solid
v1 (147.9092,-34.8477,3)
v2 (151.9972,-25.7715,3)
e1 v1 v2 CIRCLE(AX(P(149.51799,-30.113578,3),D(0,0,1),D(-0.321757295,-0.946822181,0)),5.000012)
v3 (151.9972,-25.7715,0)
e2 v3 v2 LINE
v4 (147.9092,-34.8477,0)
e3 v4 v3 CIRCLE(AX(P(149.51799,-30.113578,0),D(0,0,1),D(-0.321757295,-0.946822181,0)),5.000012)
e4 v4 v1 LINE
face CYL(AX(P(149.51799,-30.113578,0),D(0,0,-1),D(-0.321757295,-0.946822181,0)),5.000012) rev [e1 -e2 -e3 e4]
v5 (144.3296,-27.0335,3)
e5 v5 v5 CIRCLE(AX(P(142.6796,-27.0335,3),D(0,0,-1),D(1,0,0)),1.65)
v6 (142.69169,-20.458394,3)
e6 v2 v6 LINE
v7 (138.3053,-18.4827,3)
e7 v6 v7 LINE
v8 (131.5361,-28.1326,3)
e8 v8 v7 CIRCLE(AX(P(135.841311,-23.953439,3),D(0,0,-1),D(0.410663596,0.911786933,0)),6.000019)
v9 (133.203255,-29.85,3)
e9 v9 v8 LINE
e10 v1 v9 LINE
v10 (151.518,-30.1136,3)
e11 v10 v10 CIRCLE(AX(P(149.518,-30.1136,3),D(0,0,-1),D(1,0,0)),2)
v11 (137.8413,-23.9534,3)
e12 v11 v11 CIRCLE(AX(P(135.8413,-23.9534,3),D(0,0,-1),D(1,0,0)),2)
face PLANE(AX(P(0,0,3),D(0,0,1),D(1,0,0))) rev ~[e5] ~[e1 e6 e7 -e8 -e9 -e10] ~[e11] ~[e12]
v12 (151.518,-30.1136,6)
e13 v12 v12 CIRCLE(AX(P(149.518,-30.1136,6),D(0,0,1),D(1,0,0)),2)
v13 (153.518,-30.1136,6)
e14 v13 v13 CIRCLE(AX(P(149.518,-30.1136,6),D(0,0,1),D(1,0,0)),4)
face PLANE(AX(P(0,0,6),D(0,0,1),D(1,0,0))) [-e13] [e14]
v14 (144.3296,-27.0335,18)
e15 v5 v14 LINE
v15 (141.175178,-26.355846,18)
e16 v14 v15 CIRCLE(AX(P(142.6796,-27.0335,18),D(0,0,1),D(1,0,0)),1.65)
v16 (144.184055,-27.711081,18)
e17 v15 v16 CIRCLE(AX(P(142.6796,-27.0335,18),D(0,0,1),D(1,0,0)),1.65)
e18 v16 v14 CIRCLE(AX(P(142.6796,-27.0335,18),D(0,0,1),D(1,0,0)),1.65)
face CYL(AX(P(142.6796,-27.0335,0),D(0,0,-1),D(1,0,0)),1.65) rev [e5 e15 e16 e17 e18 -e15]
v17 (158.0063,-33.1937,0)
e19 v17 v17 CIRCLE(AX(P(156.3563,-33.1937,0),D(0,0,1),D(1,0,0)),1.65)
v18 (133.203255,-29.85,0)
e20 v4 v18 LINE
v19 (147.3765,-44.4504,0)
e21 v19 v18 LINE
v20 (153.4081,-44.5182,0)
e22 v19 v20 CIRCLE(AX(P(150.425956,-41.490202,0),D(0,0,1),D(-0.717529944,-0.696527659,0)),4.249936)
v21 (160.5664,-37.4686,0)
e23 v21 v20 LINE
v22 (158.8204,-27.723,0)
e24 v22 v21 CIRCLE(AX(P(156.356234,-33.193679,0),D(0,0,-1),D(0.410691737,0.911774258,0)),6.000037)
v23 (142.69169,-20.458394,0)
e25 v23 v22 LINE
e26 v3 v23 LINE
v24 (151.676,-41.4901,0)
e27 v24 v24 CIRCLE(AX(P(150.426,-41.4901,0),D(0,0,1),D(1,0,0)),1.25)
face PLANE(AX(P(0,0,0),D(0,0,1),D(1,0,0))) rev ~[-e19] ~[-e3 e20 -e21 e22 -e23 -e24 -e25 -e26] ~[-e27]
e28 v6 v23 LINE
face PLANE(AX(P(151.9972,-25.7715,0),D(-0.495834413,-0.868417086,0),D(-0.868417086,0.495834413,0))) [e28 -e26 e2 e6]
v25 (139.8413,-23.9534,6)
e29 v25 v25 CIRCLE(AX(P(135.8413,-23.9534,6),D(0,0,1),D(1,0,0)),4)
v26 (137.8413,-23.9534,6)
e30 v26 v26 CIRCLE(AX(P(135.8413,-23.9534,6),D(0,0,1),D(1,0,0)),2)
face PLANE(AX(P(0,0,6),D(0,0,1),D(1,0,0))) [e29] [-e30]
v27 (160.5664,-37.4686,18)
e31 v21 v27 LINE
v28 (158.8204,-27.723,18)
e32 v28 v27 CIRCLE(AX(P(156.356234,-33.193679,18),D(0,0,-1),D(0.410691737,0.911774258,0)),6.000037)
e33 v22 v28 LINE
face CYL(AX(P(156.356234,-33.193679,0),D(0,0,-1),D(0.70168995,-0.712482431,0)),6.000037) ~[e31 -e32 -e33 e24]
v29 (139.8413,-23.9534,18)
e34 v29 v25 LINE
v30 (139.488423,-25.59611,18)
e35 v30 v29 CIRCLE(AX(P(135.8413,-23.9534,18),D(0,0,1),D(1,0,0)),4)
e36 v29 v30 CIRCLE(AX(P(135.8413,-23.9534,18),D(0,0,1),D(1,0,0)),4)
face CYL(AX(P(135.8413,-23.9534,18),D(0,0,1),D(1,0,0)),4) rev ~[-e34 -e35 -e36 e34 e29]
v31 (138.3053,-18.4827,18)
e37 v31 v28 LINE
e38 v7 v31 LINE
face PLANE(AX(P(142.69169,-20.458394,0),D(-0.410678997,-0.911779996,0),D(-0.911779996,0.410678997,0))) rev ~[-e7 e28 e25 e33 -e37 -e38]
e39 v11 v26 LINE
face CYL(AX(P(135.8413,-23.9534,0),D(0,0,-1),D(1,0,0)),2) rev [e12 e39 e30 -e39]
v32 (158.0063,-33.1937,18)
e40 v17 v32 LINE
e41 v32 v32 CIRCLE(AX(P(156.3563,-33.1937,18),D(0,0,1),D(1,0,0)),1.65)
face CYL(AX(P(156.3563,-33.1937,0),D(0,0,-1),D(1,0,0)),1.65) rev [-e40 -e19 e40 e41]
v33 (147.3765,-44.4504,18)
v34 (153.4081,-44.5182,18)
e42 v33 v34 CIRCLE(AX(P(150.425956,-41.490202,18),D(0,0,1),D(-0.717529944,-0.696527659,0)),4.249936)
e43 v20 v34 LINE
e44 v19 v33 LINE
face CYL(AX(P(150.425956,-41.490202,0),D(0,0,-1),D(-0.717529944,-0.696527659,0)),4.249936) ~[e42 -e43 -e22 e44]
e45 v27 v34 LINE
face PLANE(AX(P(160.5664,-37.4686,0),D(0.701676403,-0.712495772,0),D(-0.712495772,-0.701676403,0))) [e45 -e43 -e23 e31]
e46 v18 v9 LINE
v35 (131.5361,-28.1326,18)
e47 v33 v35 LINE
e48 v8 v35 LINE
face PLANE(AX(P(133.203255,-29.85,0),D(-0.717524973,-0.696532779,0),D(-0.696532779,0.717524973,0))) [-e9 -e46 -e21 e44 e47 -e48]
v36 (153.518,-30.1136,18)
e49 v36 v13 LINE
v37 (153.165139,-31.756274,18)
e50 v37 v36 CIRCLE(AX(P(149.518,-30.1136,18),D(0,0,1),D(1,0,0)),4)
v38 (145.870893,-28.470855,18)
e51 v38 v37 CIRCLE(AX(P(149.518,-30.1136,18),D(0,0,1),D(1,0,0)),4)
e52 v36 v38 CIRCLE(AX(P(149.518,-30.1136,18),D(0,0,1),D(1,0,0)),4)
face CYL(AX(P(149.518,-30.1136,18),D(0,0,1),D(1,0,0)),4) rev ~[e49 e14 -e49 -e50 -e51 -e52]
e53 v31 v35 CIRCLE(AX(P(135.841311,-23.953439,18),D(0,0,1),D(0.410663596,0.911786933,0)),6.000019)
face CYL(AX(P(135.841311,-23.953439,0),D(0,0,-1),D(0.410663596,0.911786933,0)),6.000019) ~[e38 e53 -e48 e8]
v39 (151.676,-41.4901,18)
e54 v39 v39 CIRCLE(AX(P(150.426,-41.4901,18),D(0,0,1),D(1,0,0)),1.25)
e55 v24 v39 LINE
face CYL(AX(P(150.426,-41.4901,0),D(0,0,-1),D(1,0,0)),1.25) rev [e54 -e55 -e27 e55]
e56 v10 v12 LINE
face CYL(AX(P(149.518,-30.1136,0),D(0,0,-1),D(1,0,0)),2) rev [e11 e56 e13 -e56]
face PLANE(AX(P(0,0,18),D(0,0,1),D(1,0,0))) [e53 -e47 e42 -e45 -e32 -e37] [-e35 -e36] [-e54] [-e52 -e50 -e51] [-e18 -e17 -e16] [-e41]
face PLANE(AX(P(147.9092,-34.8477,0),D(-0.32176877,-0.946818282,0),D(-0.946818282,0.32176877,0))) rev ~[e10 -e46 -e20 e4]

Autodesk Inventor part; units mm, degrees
ref_plane "YZ Plane" through (0, 0, 0) normal (1, 0, 0) x (0, 1, 0)
ref_plane "XZ Plane" through (0, 0, 0) normal (0, 1, 0) x (-1, 0, 0)
ref_plane "XY Plane" through (0, 0, 0) normal (0, 0, 1) x (1, 0, 0)
sketch "スケッチ1" plane through (0, 0, 0) normal (0, 0, 1) x (1, 0, 0)
  line L0 (-170.6512, -31.4118) -> (202.8656, -31.4118) construction
  circle A0 centre (-14, -17.4118) radius 14 construction
  circle A1 centre (14, -17.4118) radius 14 construction
  circle A2 centre (-28.0204, 0.0121) radius 20.05 construction
  circle A3 centre (-28.0204, 0.0121) radius 5.05 construction
  circle A4 centre (8.8763, 3.8907) radius 32.05 construction
  circle A5 centre (8.8763, 3.8907) radius 10.1 construction
  circle A6 centre (54.047, 13.5882) radius 36.1 construction
  line L1 (-170.915, -81.4118) -> (490.0044, -81.4118)
  circle A7 centre (-28.0204, 0.0121) radius 22.342 construction
  circle A8 centre (-39.4931, 19.1835) radius 14 construction
  circle A9 centre (-49.0547, 7.5438) radius 14 construction
  circle A10 centre (-49.0547, -7.5196) radius 14 construction
  circle A11 centre (-39.4931, -19.1593) radius 14 construction
  circle A12 centre (8.8763, 3.8907) radius 33.05 construction
  circle A13 centre (54.047, 13.5882) radius 38.1 construction
  line L2 (-11.5565, -29.1593) -> (4.2969, -29.1593) construction
  line L3 (-67.2952, 44.8622) -> (-67.2952, -57.3934) construction
  line L4 (-149.4523, -1.6098) -> (-132.6633, -31.6026)
  line L5 (-132.7701, -31.4118) -> (-132.7701, 74.0456)
  circle A14 centre (-11.4931, -19.1593) radius 14 construction
  line L6 (-197.2268, -33.1593) -> (179.6604, -33.1593) construction
  circle A15 centre (54.047, 13.5882) radius 4.025 construction
  circle A16 centre (54.047, 13.5882) radius 6 construction
  circle A17 centre (-39.4931, 19.1835) radius 5
  circle A18 centre (-49.0547, 7.5438) radius 5
  circle A19 centre (-49.0547, -7.5196) radius 5
  circle A20 centre (-39.4931, -19.1593) radius 5
  circle A21 centre (-39.4931, 19.1835) radius 8 construction
  circle A22 centre (-49.0547, 7.5438) radius 8 construction
  circle A23 centre (-49.0547, -7.5196) radius 8 construction
  circle A24 centre (-39.4931, -19.1593) radius 8 construction
  circle A25 centre (-28.0204, 0.0121) radius 4.5
  circle A26 centre (8.8763, 3.8907) radius 7.5
  line L7 (-17.5497, 32.3149) -> (-46.3578, 15.0755) construction
  line L8 (-46.3578, 15.0755) -> (-51.7515, 0.0121) construction
  line L9 (-51.7515, 0.0121) -> (-46.3578, -15.0513) construction
  line L10 (-46.3578, -15.0513) -> (-37.9391, -20.0892) construction
  circle A27 centre (-32.6283, 23.2915) radius 1.3
  circle A28 centre (-46.3578, 15.0755) radius 1.3
  circle A29 centre (-51.7515, 0.0121) radius 1.3
  circle A30 centre (-46.3578, -15.0513) radius 1.3
  circle A31 centre (-32.6283, -23.2673) radius 1.3
  line L11 (-67.2952, 23.1796) -> (-67.2952, -18.1327)
  arc A32 (79.2003, -37.212) -> (87.3507, -31.2711) centre (80.4159, -30.3183) ccw
  arc A33 (8.1864, 50.8943) -> (0.9804, 51.9708) centre (3.7003, 45.5208) ccw
  line L12 (-52.2685, -33.1593) -> (56.2168, -33.1593)
  line L13 (56.2168, -33.1593) -> (79.2003, -37.212)
  arc A34 (92.7831, 8.2659) -> (29.742, 44.2162) centre (54.047, 13.5882) ccw
  line L14 (87.3507, -31.2711) -> (92.7831, 8.2659)
  line L15 (0.9804, 51.9708) -> (-67.2952, 23.1796)
  circle A35 centre (34.0114, -24.0061) radius 4.5 construction
  circle A36 centre (34.0114, -24.0061) radius 1.5
  circle A37 centre (-21.4477, 26.0369) radius 4.5 construction
  circle A38 centre (-21.4477, 26.0369) radius 1.5
  circle A39 centre (-56.0504, 23.0377) radius 1.5
  circle A40 centre (-56.0504, 23.0377) radius 3 construction
  circle A41 centre (-56.0504, 23.0377) radius 4.5 construction
  circle A42 centre (-64.2952, 0.0121) radius 1.5
  circle A43 centre (-64.2952, 0.0121) radius 3 construction
  circle A44 centre (-64.2952, 0.0121) radius 4.3311 construction
  line L16 (54.047, 13.5882) -> (99.37, -7.5264)
  line L17 (99.37, -7.5264) -> (58.3399, 10.9541)
  line L18 (58.3399, 10.9541) -> (30.7326, 32.4678)
  line L19 (30.7326, 32.4678) -> (54.047, 13.5882)
  line L20 (99.37, -7.5264) -> (491.4359, -184.1173)
  line L21 (-183.2789, 162.2213) -> (-183.2789, -125.2315)
  line L22 (516.7211, 155.5913) -> (516.7211, -155.5644)
  circle A45 centre (99.37, -7.5264) radius 7.25
  line L23 (149.518, -30.1136) -> (397.5027, -198.9436) construction
  line L24 (220.2014, -78.2354) -> (225.3858, -8.4277) construction
  circle A46 centre (3.7003, 45.5208) radius 4
  circle A47 centre (135.8413, -23.9534) radius 2
  circle A48 centre (149.518, -30.1136) radius 2
  arc A49 (147.9092, -34.8477) -> (151.9972, -25.7715) centre (149.518, -30.1136) ccw
  line L25 (147.9092, -34.8477) -> (96.0719, -17.2312)
  line L26 (151.9972, -25.7715) -> (104.4523, 1.3749)
  circle A50 centre (30.7326, 32.4678) radius 2
  circle A51 centre (-16.1798, -24.0771) radius 4.5 construction
  circle A52 centre (-16.1798, -24.0771) radius 1.5
  line L27 (-67.2952, -18.1327) -> (-52.2685, -33.1593)
  circle A53 centre (-56.0504, -23.0135) radius 1.5
  circle A54 centre (-56.0504, -23.0135) radius 3 construction
  circle A55 centre (30.7326, 32.4678) radius 4
  arc A56 (56.8403, 15.6972) -> (51.3644, 11.3402) centre (54.047, 13.5882) ccw construction
  line L28 (96.4916, -6.1854) -> (101.9705, -5.7041) construction
  line L29 (101.9705, -5.7041) -> (99.6479, -10.6896) construction
  line L30 (99.6479, -10.6896) -> (96.4916, -6.1854) construction
  circle A57 centre (99.6479, -10.6896) radius 1.5
  circle A58 centre (101.9705, -5.7041) radius 1.5
  circle A59 centre (96.4916, -6.1854) radius 1.5
  circle A60 centre (99.37, -7.5264) radius 6
  arc A61 (97.7876, -15.8778) -> (97.5111, 0.7679) centre (99.37, -7.5264) ccw
  arc A62 (56.8403, 15.6972) -> (97.5111, 0.7679) centre (88.7632, 39.7996) ccw
  arc A63 (51.3644, 11.3402) -> (97.7876, -15.8778) centre (112.6811, 62.7237) ccw
  circle A64 centre (54.047, 13.5882) radius 8.5 construction
  line L31 (102.9595, 0.1786) -> (57.6365, 21.2931) construction
  line L32 (50.4575, 5.8833) -> (95.7806, -15.2313) construction
  circle A65 centre (12.7384, 41.2415) radius 3 construction
  circle A66 centre (12.7384, 41.2415) radius 4.5 construction
  circle A67 centre (12.7384, 41.2415) radius 1.5
  circle A68 centre (80.4159, -30.3183) radius 4
  circle A69 centre (69.7531, -26.0108) radius 1.5
  circle A70 centre (69.7531, -26.0108) radius 4.5 construction
  circle A71 centre (-56.0504, -23.0135) radius 4.5 construction
  line L33 (8.1864, 50.8943) -> (15.9809, 44.3871)
  arc A72 (15.9809, 44.3871) -> (29.742, 44.2162) centre (22.9664, 52.7545) ccw
  circle A73 centre (-5.4761, 38.5895) radius 1.5
  circle A74 centre (-5.4761, 38.5895) radius 4.5 construction
  circle A75 centre (54.047, 13.5882) radius 50 construction
  circle A76 centre (3.7003, 45.5208) radius 2
  circle A77 centre (80.4159, -30.3183) radius 2
  circle A78 centre (54.047, 13.5882) radius 1.5
  circle A79 centre (58.3399, 10.9541) radius 1.5
  circle A80 centre (58.3399, 10.9541) radius 3
  arc A81 (59.8474, 15.7214) -> (55.7687, 6.6659) centre (58.3399, 10.9541) ccw
  line L34 (94.099, -16.3172) -> (55.7687, 6.6659)
  line L35 (59.8474, 15.7214) -> (102.4604, 2.2467)
  arc A82 (104.4523, 1.3749) -> (102.4604, 2.2467) centre (99.37, -7.5264) ccw
  arc A83 (94.099, -16.3172) -> (96.0719, -17.2312) centre (99.37, -7.5264) ccw
  circle A84 centre (30.7326, 32.4678) radius 5.025
  circle A85 centre (30.7326, 32.4678) radius 8.025
  circle A86 centre (58.3399, 10.9541) radius 4.025
  circle A87 centre (58.3399, 10.9541) radius 7.025
  line L36 (25.9827, 25.9995) -> (54.1819, 5.2918)
  line L37 (53.3095, 15.8577) -> (37.1861, 27.6978)
  line L38 (65.3516, 11.3852) -> (66.2721, -3.5865)
  line L39 (66.2721, -3.5865) -> (54.1819, 5.2918)
  line L40 (67.2722, 8.2659) -> (69.0337, -1.2879)
  line L41 (67.2722, 8.2659) -> (82.8858, 8.4364)
  point P0 (0, 0)
  point P1 (0, 0)
  point P2 (0, 0)
  point P3 (-49.0547, 7.5438)
  point P4 (-49.0547, -7.5196)
  dimension "d88" = 100
  dimension "d0" = 40.1
  dimension "d1" = 10.1
  dimension "d2" = 64.1
  dimension "d3" = 20.2
  dimension "d4" = 72.2
  dimension "d5" = 95
  dimension "d6" = 44.684
  dimension "d7" = 28
  dimension "d8" = 28
  dimension "d9" = 28
  dimension "d10" = 28
  dimension "d11" = 1
  dimension "d12" = 2
  dimension "d13" = 4
  dimension "d14" = 8.05
  dimension "d15" = 12
  dimension "d16" = 10
  dimension "d17" = 10
  dimension "d18" = 10
  dimension "d19" = 10
  dimension "d20" = 3
  dimension "d21" = 3
  dimension "d22" = 3
  dimension "d23" = 3
  dimension "d24" = 9
  dimension "d25" = 15
  dimension "d26" = 2.6
  dimension "d27" = 2.6
  dimension "d28" = 2.6
  dimension "d29" = 2.6
  dimension "d30" = 2.6
  dimension "d31" = 1
  dimension "d32" = 9
  dimension "d33" = 3
  dimension "d34" = 9
  dimension "d35" = 3
  dimension "d36" = 3
  dimension "d37" = 6
  dimension "d38" = 9
  dimension "d39" = 3
  dimension "d40" = 6
  dimension "d41" = 50
  dimension "d42" = 45
  dimension "d43" = 35
  dimension "d44" = 30
  dimension "d45" = 39
  dimension "d46" = 430
  dimension "d47" = 700
  dimension "d48" = 14.5
  dimension "d49" = 300
  dimension "d50" = 10
  dimension "d51" = 70
  dimension "d52" = 120
  dimension "d53" = 140
  dimension "d54" = 8
  dimension "d55" = 4
  dimension "d56" = 4
  dimension "d57" = 15
  dimension "d58" = 40
  dimension "d59" = 10
  dimension "d60" = 4
  dimension "d61" = 9
  dimension "d62" = 3
  dimension "d63" = 3
sketch "スケッチ2" plane through (0, 0, 0) normal (0, 0, 1) x (1, 0, 0)
  circle A0 centre (149.518, -30.1136) radius 2 projected
  circle A1 centre (135.8413, -23.9534) radius 2 projected
  line L0 (151.9972, -25.7715) -> (104.4523, 1.3749) projected
  arc A2 (147.9092, -34.8477) -> (151.9972, -25.7715) centre (149.518, -30.1136) ccw projected
  line L1 (147.9092, -34.8477) -> (96.0719, -17.2312) projected
  circle A3 centre (142.6796, -27.0335) radius 1.65
  circle A4 centre (156.3563, -33.1937) radius 1.65
  line L2 (135.8413, -23.9534) -> (213.3942, -58.8842)
  circle A5 centre (142.6796, -27.0335) radius 5 construction
  circle A6 centre (150.426, -41.4901) radius 1.25
  arc A7 (147.3765, -44.4504) -> (153.4081, -44.5182) centre (150.426, -41.4901) ccw
  line L3 (154.5328, -32.3723) -> (140.4569, -63.6234) construction
  line L4 (154.3028, -43.2363) -> (188.3811, -58.5855) construction
  line L5 (160.5664, -37.4686) -> (153.4081, -44.5182)
  arc A8 (138.3053, -18.4827) -> (131.5361, -28.1326) centre (135.8413, -23.9534) ccw
  line L6 (158.8204, -27.723) -> (138.3053, -18.4827)
  line L7 (147.3765, -44.4504) -> (131.5361, -28.1326)
  arc A9 (160.5664, -37.4686) -> (158.8204, -27.723) centre (156.3563, -33.1937) ccw
  point P0 (0, 0)
  dimension "d104" = 3.3
  dimension "d105" = 3.3
  dimension "d106" = 15
  dimension "d107" = 10
  dimension "d109" = 2.5
  dimension "d110" = 3
  dimension "d111" = 13
  dimension "d112" = 10
  dimension "d113" = 6
  dimension "d114" = 6
  dimension "d115" = 7.5
extrude "押し出し1" add sketch "スケッチ2" along normal blind 18 contours A2 L1 L7 A8 L6 L0 | A2 L0 L6 A9 L2 A4 | L2 A4 A9 L5 A7 L7 L1 A2
sketch "スケッチ3" plane through (0, 0, 18) normal (0, 0, 1) x (1, 0, 0)
  circle A0 centre (135.8413, -23.9534) radius 2 projected
  circle A1 centre (149.518, -30.1136) radius 2 projected
  circle A2 centre (156.3563, -33.1937) radius 1.65 projected
  circle A3 centre (142.6796, -27.0335) radius 1.65 projected
  circle A4 centre (150.426, -41.4901) radius 1.25 projected
  line L0 (153.4081, -44.5182) -> (160.5664, -37.4686) projected
  arc A5 (160.5664, -37.4686) -> (158.8204, -27.723) centre (156.3563, -33.1937) ccw projected
  line L1 (158.8204, -27.723) -> (138.3053, -18.4827) projected
  arc A6 (138.3053, -18.4827) -> (131.5361, -28.1326) centre (135.8413, -23.9534) ccw projected
  line L2 (131.5361, -28.1326) -> (147.3765, -44.4504) projected
  arc A7 (147.3765, -44.4504) -> (153.4081, -44.5182) centre (150.426, -41.4901) ccw projected
  circle A8 centre (135.8413, -23.9534) radius 4
  circle A9 centre (149.518, -30.1136) radius 4
  point P0 (0, 0)
  dimension "d118" = 8
  dimension "d119" = 8
extrude "押し出し2" cut sketch "スケッチ3" against normal blind 12 contours A8 | A9
extrude "押し出し3" cut sketch "スケッチ1" along normal blind 3 contours L35 A82 L26 A49 L20 A48 A47 A61 A62 L14 | L14 A62 L16 L40 L41 L35 | L34 L40 A62 L17 L14 | L14 L17 A45 L20 A61 A63 L34 | A63 A61 L20 A47 A48 A49 L25 A83 L34 | A62 A61 L20 A45 L16 L14 | L14 L16 A62 | L17 A62 L16 L14 | L14 L16 A45 L17 | A62 L17 L40 L16 | A62 L40 L17
properties part number "アダプター" material "アルミニウム 7075"
